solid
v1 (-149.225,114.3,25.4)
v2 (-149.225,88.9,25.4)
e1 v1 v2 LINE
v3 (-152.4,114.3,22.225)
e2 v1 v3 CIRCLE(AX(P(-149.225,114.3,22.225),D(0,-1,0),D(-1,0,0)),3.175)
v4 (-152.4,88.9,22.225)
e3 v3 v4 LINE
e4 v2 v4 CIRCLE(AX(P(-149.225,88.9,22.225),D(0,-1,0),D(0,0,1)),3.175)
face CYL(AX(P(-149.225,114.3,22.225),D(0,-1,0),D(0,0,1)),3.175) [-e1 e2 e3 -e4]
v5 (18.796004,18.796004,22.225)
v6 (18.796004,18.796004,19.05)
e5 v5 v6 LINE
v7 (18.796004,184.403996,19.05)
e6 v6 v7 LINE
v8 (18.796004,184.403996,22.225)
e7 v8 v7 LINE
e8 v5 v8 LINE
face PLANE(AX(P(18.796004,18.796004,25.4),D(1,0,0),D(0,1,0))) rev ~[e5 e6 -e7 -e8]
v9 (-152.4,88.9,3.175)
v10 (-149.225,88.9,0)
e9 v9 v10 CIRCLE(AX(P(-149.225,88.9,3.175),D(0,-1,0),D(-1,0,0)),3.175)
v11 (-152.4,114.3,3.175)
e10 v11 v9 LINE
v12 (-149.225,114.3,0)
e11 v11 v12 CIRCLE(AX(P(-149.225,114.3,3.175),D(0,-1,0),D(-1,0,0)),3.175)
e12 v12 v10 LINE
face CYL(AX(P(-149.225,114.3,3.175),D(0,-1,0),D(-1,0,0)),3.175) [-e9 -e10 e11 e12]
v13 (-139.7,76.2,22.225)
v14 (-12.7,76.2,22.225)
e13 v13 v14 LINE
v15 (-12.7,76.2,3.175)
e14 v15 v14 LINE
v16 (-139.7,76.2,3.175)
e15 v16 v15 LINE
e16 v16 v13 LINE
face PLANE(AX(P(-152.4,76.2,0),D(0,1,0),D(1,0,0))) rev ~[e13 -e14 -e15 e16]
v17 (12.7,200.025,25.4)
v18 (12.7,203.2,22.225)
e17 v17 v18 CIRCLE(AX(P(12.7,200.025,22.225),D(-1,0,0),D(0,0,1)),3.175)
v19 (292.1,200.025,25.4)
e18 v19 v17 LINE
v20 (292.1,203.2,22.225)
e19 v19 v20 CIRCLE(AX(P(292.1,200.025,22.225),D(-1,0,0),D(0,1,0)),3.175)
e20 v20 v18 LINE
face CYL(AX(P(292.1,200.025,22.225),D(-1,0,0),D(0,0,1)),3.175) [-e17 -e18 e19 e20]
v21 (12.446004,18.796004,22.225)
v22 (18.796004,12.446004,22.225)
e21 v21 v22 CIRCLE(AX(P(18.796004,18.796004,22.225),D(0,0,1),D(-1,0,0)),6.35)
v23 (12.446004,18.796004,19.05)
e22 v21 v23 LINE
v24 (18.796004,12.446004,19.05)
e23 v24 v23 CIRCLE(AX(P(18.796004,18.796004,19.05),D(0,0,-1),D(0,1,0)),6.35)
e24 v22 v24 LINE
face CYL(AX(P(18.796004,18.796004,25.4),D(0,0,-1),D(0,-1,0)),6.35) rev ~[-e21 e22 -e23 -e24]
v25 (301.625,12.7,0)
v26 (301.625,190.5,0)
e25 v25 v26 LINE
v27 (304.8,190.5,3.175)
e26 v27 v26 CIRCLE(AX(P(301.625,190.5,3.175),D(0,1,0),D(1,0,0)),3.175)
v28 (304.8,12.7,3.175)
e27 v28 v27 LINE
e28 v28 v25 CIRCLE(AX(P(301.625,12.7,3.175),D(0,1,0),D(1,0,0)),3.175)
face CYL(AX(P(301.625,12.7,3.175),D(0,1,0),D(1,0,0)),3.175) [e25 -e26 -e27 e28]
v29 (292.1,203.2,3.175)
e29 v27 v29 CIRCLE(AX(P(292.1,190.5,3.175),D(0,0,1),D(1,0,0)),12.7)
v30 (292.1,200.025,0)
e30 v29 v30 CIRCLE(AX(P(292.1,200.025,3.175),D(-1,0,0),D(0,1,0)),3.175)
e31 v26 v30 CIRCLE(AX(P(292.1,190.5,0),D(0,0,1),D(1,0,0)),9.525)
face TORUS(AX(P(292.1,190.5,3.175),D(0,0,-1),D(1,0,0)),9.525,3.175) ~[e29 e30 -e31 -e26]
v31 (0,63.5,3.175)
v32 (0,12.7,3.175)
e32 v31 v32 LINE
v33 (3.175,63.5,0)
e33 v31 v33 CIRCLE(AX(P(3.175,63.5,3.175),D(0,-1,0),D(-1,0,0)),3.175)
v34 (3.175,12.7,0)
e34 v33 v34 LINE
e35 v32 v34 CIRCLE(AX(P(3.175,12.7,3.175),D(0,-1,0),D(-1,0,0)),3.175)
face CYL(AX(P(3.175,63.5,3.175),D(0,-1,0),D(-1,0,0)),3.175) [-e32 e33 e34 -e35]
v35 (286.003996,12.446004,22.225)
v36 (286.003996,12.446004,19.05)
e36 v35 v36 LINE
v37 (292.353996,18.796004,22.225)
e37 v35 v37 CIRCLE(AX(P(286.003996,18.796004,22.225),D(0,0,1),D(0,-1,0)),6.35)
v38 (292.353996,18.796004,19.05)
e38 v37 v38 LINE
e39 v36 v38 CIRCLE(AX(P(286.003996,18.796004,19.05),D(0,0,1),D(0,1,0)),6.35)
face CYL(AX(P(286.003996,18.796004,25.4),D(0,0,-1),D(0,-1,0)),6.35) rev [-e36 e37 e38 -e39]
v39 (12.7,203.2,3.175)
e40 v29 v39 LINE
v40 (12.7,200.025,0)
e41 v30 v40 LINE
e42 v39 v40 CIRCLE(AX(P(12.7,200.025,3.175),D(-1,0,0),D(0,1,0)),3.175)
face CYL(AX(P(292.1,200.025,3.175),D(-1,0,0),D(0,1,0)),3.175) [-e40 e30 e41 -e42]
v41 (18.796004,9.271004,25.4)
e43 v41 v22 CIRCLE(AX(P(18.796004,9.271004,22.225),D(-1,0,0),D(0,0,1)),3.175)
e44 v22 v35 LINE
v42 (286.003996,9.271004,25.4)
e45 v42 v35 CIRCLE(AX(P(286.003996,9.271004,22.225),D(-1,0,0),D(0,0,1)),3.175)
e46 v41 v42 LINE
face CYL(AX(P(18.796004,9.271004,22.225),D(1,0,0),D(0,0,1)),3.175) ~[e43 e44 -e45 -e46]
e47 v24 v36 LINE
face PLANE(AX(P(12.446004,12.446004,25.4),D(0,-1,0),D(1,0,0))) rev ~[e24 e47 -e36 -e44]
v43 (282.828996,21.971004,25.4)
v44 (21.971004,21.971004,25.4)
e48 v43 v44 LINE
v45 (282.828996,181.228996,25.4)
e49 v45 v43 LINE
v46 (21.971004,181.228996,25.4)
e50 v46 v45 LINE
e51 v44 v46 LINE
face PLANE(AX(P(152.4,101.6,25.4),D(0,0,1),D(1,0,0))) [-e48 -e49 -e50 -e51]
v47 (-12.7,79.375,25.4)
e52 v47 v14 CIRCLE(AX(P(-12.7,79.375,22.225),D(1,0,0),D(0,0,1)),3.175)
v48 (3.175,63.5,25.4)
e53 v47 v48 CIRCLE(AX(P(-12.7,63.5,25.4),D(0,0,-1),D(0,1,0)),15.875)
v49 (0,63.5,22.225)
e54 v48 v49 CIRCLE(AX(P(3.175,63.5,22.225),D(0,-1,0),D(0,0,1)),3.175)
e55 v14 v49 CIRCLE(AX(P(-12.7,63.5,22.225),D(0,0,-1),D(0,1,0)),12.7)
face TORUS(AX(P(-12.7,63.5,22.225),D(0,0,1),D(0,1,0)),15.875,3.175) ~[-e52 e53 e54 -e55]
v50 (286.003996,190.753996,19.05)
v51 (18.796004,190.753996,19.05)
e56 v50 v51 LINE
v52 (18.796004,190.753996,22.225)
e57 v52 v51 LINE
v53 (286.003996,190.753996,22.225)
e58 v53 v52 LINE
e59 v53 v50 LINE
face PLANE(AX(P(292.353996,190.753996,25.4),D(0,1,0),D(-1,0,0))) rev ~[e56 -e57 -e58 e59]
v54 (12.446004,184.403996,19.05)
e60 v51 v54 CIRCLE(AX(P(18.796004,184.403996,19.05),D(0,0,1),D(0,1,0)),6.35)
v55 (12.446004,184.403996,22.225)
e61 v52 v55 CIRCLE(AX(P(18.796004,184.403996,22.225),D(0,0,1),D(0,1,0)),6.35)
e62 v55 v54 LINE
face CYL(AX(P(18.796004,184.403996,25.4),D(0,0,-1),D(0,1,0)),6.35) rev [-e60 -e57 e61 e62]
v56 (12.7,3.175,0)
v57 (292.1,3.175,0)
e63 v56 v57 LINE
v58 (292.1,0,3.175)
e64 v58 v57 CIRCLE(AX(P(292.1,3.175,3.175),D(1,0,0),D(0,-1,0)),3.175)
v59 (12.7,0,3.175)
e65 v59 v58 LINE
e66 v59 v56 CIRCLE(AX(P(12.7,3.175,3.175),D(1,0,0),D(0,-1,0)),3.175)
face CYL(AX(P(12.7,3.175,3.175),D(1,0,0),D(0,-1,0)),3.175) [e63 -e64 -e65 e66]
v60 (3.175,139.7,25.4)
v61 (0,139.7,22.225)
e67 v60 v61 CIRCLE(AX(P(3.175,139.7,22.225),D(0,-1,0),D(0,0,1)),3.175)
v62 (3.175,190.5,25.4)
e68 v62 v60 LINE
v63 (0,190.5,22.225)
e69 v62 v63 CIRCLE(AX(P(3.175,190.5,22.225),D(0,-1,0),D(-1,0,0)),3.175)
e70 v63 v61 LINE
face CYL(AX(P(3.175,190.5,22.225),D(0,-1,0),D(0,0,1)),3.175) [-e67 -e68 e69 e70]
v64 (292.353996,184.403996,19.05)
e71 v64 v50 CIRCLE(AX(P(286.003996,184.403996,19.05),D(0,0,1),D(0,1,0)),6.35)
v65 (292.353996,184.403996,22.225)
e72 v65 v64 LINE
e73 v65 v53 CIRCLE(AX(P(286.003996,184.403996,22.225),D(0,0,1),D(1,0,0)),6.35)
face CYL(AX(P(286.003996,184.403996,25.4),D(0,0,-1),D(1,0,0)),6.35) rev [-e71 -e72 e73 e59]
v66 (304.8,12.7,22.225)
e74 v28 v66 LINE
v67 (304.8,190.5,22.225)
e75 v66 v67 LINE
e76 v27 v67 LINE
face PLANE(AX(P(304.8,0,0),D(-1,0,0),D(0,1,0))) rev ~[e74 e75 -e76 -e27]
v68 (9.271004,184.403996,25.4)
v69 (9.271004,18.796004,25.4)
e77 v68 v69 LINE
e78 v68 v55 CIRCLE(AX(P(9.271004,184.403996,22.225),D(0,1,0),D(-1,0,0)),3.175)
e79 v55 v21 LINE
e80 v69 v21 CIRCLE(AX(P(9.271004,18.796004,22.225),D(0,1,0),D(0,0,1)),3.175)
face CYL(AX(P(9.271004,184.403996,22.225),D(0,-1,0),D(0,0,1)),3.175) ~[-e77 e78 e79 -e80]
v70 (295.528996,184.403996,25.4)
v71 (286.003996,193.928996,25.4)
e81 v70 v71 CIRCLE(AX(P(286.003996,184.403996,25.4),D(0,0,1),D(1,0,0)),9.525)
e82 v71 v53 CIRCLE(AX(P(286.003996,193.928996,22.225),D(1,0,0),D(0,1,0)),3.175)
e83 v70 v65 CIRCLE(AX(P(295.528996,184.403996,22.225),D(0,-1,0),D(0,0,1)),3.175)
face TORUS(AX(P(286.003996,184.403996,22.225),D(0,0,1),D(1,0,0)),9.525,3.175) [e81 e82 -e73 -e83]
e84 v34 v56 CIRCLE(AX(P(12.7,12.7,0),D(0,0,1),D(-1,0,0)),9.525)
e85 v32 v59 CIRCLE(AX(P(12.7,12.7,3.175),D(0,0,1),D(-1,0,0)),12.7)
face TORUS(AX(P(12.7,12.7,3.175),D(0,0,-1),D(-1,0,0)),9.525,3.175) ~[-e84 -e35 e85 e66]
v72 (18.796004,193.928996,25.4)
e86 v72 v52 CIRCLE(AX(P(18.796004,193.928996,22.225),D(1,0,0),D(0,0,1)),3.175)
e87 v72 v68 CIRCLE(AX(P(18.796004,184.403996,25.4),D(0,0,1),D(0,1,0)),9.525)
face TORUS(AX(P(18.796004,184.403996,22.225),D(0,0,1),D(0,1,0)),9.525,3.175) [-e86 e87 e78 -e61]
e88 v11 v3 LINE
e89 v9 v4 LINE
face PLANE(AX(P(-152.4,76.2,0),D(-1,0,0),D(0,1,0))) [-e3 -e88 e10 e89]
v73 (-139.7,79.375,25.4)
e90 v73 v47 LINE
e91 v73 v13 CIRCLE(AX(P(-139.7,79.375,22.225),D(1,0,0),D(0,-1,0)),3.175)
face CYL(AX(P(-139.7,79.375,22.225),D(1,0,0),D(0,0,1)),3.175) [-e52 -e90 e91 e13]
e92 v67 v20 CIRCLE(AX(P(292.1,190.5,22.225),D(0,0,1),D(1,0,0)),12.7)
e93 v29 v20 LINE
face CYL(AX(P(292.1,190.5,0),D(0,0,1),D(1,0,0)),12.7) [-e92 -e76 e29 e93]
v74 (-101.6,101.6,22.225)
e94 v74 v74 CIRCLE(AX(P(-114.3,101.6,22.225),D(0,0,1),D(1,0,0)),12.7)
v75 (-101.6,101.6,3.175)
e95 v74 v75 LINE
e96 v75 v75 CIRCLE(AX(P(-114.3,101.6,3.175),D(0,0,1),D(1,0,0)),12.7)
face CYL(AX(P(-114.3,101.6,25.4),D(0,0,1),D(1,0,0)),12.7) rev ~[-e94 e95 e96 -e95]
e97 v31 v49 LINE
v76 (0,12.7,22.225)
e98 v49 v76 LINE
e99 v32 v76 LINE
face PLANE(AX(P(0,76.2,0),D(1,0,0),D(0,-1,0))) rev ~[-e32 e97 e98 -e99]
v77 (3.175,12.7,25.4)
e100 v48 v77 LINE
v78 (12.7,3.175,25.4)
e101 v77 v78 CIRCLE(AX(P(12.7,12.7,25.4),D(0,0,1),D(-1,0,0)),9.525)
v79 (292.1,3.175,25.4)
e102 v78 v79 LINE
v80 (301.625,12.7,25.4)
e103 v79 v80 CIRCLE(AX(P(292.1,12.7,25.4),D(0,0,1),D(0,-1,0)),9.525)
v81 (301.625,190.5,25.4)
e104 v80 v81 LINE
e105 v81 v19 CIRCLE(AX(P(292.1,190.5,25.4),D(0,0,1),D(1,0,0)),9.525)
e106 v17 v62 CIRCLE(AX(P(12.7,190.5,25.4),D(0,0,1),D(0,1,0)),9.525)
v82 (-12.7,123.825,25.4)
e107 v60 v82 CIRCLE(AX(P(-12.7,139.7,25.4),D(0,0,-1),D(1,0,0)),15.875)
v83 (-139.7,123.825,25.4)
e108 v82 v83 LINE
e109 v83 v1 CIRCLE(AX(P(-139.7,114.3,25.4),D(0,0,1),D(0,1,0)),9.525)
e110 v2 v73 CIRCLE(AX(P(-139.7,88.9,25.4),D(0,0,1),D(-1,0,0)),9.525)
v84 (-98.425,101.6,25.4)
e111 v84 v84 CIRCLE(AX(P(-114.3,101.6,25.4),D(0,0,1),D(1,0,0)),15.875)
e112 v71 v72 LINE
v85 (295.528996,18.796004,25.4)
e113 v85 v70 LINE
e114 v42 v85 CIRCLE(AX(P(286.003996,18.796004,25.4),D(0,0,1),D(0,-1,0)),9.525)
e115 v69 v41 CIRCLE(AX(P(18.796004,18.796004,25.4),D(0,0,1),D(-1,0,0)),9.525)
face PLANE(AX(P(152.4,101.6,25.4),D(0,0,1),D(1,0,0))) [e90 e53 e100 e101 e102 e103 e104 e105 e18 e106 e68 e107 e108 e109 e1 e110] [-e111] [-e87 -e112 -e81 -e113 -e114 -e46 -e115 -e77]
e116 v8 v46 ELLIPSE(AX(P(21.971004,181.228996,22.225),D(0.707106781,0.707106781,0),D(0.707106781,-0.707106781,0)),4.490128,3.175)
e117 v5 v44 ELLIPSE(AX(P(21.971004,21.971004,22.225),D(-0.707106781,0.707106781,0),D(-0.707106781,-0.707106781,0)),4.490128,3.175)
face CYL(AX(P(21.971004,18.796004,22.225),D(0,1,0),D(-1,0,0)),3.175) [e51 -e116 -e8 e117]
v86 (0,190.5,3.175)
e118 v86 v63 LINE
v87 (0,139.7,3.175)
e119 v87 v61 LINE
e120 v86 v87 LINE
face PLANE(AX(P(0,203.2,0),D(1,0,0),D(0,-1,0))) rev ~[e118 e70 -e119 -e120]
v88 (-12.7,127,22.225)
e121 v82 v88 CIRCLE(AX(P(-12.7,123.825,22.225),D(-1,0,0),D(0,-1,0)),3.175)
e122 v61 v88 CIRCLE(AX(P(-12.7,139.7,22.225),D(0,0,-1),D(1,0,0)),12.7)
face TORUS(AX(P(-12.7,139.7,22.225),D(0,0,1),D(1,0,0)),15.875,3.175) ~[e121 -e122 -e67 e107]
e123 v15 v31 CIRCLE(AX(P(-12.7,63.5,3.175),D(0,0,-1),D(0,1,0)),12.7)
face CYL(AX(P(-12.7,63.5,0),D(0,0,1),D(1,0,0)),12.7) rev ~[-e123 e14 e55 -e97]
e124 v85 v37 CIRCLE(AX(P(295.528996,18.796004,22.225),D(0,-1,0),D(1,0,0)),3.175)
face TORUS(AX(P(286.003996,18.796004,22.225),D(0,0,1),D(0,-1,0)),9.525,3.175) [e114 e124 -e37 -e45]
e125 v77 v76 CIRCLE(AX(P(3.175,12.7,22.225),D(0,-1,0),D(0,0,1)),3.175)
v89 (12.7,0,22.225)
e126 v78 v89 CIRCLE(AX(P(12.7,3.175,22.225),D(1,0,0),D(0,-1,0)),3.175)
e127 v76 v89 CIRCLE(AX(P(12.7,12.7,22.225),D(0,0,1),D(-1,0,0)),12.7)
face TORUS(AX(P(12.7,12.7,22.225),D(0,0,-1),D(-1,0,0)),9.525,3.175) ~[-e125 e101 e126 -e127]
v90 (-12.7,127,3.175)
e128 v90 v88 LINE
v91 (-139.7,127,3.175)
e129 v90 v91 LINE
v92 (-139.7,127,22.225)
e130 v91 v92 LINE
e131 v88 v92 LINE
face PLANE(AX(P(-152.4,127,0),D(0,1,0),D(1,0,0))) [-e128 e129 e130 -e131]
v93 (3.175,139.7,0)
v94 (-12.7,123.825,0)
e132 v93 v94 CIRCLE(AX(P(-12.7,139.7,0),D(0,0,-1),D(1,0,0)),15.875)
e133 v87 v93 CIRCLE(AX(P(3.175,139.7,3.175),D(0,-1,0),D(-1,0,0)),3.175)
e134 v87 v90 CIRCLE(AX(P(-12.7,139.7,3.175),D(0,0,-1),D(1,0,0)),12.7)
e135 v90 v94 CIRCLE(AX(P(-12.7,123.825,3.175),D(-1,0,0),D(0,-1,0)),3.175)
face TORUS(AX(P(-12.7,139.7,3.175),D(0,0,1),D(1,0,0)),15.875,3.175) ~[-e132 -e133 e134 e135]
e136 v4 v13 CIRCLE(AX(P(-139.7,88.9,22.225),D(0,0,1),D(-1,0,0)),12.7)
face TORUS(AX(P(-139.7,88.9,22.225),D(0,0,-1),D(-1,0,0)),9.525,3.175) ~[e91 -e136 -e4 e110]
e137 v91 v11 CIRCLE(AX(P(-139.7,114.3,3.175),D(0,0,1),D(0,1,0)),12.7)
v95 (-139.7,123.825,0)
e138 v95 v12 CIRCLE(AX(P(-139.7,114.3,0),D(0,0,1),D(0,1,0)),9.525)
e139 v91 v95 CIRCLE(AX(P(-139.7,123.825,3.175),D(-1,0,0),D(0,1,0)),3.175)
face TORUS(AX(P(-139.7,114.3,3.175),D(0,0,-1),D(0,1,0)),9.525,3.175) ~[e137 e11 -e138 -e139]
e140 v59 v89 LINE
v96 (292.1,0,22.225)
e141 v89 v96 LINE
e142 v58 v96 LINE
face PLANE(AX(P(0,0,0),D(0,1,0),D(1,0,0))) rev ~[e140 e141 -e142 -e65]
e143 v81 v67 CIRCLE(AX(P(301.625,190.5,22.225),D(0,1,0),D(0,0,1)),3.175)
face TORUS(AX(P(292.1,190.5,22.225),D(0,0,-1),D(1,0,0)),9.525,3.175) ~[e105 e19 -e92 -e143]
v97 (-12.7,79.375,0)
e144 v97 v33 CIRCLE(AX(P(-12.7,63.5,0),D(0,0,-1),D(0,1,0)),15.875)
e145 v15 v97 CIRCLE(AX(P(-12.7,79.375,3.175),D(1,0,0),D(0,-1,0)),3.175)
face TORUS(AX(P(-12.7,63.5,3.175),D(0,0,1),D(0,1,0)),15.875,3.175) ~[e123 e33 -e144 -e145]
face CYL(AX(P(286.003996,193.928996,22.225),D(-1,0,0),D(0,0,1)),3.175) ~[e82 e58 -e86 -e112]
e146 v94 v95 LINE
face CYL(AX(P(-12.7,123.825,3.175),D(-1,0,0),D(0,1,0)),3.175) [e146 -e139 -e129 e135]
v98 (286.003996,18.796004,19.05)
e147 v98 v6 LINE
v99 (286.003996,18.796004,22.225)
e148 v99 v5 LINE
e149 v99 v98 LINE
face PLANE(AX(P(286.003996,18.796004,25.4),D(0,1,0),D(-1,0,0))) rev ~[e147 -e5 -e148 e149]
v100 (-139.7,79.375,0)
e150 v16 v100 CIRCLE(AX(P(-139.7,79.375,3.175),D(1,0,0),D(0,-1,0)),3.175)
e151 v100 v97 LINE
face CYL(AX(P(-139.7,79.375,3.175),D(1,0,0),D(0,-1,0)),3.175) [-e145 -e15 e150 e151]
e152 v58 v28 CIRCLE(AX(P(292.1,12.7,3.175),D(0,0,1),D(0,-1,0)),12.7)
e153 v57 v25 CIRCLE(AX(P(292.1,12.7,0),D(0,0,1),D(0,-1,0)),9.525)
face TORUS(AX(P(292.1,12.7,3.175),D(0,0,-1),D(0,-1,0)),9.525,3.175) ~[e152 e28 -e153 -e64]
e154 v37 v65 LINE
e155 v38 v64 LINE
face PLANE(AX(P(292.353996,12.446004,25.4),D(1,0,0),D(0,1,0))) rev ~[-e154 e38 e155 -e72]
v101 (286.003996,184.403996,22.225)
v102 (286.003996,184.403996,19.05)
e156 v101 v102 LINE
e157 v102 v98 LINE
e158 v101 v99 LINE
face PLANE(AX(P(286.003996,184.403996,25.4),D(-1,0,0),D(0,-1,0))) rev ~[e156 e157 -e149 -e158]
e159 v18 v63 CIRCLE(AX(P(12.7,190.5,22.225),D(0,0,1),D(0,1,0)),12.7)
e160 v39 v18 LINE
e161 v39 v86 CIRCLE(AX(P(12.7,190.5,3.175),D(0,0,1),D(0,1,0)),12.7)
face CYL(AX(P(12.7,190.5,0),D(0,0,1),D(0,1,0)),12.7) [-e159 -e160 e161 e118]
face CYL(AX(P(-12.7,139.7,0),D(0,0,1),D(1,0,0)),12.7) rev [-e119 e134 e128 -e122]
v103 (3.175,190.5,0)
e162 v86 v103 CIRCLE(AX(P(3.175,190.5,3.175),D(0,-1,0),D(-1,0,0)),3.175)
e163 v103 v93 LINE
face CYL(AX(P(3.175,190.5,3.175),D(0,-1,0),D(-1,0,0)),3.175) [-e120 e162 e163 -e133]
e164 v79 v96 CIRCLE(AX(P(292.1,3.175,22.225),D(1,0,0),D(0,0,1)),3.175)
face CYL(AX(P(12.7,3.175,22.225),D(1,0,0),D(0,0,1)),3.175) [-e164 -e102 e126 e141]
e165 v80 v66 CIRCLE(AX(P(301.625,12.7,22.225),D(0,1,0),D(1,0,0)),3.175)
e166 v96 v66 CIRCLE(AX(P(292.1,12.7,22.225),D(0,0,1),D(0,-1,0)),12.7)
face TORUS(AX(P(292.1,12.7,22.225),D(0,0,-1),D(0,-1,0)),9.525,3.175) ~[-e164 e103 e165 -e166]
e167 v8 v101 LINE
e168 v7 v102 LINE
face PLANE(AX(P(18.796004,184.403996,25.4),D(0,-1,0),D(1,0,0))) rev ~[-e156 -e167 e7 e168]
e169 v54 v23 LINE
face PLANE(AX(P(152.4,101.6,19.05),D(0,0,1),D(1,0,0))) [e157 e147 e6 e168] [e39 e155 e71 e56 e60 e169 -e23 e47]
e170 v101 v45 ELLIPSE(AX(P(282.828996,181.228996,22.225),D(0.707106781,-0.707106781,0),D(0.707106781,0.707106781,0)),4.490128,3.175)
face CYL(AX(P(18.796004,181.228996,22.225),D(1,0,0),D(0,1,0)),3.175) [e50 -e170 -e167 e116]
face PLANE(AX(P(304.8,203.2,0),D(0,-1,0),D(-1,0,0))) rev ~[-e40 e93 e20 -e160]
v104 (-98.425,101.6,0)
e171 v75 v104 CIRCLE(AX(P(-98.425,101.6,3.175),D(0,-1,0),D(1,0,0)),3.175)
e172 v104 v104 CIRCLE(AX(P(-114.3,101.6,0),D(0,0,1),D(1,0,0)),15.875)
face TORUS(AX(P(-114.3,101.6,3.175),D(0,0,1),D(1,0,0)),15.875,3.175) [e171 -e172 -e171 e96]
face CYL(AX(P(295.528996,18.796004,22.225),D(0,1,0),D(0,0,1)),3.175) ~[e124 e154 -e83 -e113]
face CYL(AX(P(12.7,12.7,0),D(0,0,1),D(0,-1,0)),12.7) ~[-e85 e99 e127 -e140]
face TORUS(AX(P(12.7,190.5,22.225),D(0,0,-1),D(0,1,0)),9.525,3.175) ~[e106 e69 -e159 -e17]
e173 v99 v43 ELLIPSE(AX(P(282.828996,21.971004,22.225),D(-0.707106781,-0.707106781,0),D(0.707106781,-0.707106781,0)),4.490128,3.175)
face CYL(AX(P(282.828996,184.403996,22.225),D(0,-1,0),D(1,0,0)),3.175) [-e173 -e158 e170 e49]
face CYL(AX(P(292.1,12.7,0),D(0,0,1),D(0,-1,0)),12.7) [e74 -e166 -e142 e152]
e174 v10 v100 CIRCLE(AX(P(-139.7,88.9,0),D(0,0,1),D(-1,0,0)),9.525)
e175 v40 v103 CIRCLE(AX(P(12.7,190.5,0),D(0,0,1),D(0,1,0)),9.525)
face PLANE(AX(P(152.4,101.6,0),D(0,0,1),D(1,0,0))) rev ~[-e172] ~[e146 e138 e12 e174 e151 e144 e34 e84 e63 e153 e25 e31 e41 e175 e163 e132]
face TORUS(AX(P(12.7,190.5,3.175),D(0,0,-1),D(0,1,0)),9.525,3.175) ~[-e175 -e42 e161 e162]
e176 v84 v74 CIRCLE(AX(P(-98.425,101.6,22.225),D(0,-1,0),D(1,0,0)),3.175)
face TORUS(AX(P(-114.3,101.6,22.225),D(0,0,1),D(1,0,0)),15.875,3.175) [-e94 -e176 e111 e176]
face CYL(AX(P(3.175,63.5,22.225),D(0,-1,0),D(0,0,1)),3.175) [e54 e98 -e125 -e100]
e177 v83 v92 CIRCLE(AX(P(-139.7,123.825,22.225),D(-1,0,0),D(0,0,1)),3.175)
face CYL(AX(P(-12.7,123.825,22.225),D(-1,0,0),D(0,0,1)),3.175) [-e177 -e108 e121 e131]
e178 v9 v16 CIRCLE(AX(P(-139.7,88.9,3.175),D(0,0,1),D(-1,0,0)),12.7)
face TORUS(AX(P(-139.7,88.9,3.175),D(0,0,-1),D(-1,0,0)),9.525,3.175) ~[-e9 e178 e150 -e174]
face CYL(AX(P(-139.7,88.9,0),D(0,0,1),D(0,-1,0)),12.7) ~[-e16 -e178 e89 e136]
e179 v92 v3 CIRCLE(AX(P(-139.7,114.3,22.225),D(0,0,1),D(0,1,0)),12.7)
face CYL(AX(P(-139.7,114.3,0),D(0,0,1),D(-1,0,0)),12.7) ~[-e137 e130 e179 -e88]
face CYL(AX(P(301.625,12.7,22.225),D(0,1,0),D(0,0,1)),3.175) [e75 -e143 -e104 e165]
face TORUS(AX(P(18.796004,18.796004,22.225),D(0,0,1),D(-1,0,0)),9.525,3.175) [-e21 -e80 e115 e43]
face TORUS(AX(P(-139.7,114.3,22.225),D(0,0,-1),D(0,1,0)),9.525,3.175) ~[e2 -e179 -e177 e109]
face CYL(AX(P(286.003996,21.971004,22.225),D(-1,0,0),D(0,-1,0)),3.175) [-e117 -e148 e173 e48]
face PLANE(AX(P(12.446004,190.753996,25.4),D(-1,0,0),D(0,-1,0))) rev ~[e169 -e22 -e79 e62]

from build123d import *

# Parameters (mm, degrees)
F0_W     = 152.4
F0_H     = 50.8
F1_DEPTH = 25.4
F2_R     = 12.7
F3_DEPTH = 25.4
F5_DEPTH = 6.35
F6_R     = 6.35
F7_R     = 6.35
F8_R     = 12.7
F9_R     = 3.175


with BuildPart() as f1:
    # F0 (on Top) → F1 (new body)
    with BuildSketch(Plane.XY):
        Polygon((0, 76.2), (0, 0), (304.8, 0), (304.8, 203.2), (0, 203.2), (0, 127), align=None)
        with Locations((-76.2, 101.6)):
            Rectangle(F0_W, F0_H)
    extrude(amount=F1_DEPTH)

    # F2 (on face) → F3 (cut)
    with BuildSketch(Plane.XY.offset(25.4)):
        with Locations((-114.3, 101.6)):
            Circle(F2_R)
    extrude(amount=-F3_DEPTH, mode=Mode.SUBTRACT)

    # F4 (on face) → F5 (cut)
    with BuildSketch(Plane.XY.offset(25.4)):
        Polygon((12.4460036278, 76.2), (12.4460036278, 12.4460036278), (292.3539963722, 12.4460036278), (292.3539963722, 190.7539963722), (12.4460036278, 190.7539963722), align=None)
        Polygon((286.0039963722, 184.4039963722), (286.0039963722, 18.7960036278), (18.7960036278, 18.7960036278), (18.7960036278, 76.2), (18.7960036278, 184.4039963722), align=None, mode=Mode.SUBTRACT)
    extrude(amount=-F5_DEPTH, mode=Mode.SUBTRACT)

    # F6
    f6_edges = [f1.edges().sort_by_distance(p)[0] for p in [
        (12.446004, 190.753996, 22.225),
        (292.353996, 190.753996, 22.225),
        (12.446004, 12.446004, 22.225),
    ]]
    fillet(f6_edges, radius=F6_R)

    # F7
    f7_edges = [f1.edges().sort_by_distance(p)[0] for p in [
        (292.353996, 12.446004, 22.225),
    ]]
    fillet(f7_edges, radius=F7_R)

    # F8
    f8_edges = [f1.edges().sort_by_distance(p)[0] for p in [
        (0, 203.2, 12.7),
        (-152.4, 127, 12.7),
        (-152.4, 76.2, 12.7),
        (0, 0, 12.7),
        (304.8, 203.2, 12.7),
        (304.8, 0, 12.7),
        (0, 76.2, 12.7),
        (0, 127, 12.7),
    ]]
    fillet(f8_edges, radius=F8_R)

    # F9
    f9_edges = [f1.edges().sort_by_distance(p)[0] for p in [
        (152.4, 184.403996, 25.4),
        (286.003996, 101.6, 25.4),
        (152.4, 18.796004, 25.4),
        (18.796004, 101.6, 25.4),
        (0, 38.1, 25.4),
        (-3.719744, 72.480256, 25.4),
        (3.719744, 3.719744, 25.4),
        (-76.2, 76.2, 25.4),
        (152.4, 0, 25.4),
        (-148.680256, 79.919744, 25.4),
        (301.080256, 3.719744, 25.4),
        (-152.4, 101.6, 25.4),
        (304.8, 101.6, 25.4),
        (-148.680256, 123.280256, 25.4),
        (301.080256, 199.480256, 25.4),
        (-76.2, 127, 25.4),
        (152.4, 203.2, 25.4),
        (-3.719744, 130.719744, 25.4),
        (3.719744, 199.480256, 25.4),
        (0, 165.1, 25.4),
        (152.4, 12.446004, 25.4),
        (290.494124, 14.305876, 25.4),
        (14.305876, 14.305876, 25.4),
        (292.353996, 101.6, 25.4),
        (12.446004, 101.6, 25.4),
        (290.494124, 188.894124, 25.4),
        (14.305876, 188.894124, 25.4),
        (152.4, 190.753996, 25.4),
        (-127, 101.6, 25.4),
        (0, 38.1, 0),
        (-3.719744, 72.480256, 0),
        (3.719744, 3.719744, 0),
        (-76.2, 76.2, 0),
        (152.4, 0, 0),
        (-148.680256, 79.919744, 0),
        (301.080256, 3.719744, 0),
        (-152.4, 101.6, 0),
        (304.8, 101.6, 0),
        (-148.680256, 123.280256, 0),
        (301.080256, 199.480256, 0),
        (-76.2, 127, 0),
        (152.4, 203.2, 0),
        (-3.719744, 130.719744, 0),
        (3.719744, 199.480256, 0),
        (0, 165.1, 0),
        (-127, 101.6, 0),
    ]]
    fillet(f9_edges, radius=F9_R)


solid = f1.part
